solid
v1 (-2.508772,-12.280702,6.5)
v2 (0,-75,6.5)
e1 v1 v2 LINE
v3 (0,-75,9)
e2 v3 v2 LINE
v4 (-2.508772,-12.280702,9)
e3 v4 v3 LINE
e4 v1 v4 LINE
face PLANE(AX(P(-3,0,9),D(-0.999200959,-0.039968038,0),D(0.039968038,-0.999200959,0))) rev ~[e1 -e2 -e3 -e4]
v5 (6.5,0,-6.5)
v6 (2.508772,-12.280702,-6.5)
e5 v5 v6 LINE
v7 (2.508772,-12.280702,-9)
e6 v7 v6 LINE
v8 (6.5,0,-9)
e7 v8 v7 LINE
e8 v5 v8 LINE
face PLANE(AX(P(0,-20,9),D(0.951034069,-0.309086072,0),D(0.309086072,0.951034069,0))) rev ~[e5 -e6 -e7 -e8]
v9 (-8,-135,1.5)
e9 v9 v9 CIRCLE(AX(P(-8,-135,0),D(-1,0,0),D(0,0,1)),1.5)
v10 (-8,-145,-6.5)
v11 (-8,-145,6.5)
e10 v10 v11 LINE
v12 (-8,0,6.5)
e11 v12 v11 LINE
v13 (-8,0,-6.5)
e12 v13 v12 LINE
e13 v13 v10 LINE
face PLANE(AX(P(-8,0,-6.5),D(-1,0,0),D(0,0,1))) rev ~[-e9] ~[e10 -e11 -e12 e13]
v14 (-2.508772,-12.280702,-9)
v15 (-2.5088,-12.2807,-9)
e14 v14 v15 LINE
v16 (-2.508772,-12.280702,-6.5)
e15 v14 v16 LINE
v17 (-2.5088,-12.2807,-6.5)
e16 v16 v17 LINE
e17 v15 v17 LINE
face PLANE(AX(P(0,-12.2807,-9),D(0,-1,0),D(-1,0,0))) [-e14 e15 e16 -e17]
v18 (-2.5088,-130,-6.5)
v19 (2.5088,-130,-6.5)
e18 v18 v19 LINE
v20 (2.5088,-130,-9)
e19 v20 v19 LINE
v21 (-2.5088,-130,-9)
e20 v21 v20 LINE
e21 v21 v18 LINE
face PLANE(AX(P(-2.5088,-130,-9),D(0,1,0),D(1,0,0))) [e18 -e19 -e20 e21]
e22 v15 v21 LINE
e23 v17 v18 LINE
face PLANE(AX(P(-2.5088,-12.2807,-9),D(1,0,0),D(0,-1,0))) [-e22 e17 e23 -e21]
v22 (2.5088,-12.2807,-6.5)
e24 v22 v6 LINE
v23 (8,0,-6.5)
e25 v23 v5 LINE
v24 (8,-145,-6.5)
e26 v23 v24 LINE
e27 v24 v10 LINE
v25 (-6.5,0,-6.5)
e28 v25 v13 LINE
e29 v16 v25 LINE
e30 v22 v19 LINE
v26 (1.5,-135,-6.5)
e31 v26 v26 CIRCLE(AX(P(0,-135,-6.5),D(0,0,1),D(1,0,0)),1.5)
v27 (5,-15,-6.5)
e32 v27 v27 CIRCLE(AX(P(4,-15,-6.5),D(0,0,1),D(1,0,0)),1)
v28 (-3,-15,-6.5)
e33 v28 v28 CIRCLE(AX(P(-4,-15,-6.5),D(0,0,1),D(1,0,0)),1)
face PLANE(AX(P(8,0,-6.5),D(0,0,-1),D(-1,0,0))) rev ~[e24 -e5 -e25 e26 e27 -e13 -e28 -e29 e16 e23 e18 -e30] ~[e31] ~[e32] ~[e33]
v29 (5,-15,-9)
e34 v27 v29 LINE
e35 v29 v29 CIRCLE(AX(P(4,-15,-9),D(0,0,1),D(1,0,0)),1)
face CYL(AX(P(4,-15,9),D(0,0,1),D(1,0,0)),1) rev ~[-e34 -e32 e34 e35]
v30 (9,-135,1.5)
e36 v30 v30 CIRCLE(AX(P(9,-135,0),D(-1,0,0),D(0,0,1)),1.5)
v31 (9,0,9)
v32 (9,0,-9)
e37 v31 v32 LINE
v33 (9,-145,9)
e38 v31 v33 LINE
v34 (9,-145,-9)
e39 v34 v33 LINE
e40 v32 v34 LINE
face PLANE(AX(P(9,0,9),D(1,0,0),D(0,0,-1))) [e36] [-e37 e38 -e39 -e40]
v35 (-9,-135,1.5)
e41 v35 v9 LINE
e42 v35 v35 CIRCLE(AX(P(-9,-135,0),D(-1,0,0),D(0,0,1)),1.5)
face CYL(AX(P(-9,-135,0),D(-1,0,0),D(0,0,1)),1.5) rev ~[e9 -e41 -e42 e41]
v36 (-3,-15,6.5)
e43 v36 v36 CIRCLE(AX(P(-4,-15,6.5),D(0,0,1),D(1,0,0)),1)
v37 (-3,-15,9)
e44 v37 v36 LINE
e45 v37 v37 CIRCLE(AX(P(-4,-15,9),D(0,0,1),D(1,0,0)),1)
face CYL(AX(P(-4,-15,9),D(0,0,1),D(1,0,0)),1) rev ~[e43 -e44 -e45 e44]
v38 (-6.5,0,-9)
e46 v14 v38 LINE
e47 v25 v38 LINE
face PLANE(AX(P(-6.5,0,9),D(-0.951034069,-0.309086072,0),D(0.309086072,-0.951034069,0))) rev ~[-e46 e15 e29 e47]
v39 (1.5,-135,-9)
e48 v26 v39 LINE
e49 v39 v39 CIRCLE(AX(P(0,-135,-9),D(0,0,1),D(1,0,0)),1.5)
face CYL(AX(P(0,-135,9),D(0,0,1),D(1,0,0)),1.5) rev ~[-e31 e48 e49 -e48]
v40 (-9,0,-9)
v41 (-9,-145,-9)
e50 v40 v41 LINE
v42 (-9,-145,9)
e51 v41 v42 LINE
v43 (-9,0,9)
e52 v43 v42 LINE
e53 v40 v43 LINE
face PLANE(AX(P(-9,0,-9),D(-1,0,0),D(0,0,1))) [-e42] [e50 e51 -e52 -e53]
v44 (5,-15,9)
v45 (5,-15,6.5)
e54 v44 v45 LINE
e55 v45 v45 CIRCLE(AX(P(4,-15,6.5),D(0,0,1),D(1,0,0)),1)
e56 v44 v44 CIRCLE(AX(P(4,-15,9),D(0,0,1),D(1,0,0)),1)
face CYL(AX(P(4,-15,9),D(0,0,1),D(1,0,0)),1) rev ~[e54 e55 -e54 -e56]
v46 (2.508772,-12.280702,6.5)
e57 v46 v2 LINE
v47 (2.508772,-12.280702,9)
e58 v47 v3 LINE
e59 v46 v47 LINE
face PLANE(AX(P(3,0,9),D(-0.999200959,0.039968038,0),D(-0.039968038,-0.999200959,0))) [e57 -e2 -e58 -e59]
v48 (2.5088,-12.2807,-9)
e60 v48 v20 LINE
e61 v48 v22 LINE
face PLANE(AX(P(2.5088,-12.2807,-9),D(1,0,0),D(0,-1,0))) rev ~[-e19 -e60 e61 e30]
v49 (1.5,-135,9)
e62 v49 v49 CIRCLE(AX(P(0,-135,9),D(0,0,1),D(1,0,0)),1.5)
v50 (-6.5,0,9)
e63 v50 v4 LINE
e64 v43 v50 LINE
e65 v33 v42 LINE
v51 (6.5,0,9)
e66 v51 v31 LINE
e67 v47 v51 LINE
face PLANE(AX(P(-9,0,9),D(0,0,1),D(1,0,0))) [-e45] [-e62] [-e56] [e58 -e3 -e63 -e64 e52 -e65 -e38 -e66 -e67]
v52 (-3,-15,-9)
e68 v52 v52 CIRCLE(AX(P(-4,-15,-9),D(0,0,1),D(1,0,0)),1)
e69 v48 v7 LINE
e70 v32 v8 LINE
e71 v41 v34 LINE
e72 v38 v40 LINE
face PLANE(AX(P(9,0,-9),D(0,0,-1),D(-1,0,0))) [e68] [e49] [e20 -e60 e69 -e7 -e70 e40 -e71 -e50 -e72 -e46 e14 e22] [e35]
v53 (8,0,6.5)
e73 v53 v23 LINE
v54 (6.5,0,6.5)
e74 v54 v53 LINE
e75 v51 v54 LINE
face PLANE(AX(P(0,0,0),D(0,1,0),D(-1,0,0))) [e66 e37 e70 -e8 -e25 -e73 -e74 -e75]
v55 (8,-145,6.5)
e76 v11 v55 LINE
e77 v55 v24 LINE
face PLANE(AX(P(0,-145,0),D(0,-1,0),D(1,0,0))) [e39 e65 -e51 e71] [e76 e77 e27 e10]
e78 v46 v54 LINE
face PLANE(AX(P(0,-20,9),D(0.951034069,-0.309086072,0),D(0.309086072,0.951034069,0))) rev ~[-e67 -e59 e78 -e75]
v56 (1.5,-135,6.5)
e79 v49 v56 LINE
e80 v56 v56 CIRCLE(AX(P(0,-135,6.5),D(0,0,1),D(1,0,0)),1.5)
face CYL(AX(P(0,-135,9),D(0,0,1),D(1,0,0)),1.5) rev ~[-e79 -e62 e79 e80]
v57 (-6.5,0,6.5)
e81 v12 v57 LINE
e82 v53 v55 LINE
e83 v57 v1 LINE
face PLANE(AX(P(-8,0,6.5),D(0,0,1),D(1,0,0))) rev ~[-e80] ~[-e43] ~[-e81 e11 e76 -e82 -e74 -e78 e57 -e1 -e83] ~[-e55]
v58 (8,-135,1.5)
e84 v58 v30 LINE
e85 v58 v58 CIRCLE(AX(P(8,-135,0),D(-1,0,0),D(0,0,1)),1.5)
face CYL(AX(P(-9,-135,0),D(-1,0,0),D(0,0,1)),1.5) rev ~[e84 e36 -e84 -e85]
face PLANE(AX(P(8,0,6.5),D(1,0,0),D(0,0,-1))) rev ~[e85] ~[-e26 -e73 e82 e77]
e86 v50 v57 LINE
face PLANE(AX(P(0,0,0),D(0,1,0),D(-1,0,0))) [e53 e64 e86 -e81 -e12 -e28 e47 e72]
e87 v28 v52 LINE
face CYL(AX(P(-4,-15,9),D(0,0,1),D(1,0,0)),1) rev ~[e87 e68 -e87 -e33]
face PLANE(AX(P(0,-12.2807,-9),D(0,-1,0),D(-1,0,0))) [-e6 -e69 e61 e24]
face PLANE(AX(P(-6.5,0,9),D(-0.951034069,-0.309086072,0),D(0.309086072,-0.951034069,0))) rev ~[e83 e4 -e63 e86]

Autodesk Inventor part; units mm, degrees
ref_plane "YZ Plane" through (0, 0, 0) normal (1, 0, 0) x (0, 1, 0)
ref_plane "XZ Plane" through (0, 0, 0) normal (0, 1, 0) x (-1, 0, 0)
ref_plane "XY Plane" through (0, 0, 0) normal (0, 0, 1) x (1, 0, 0)
sketch "スケッチ1" plane through (0, 0, 0) normal (0, 1, 0) x (-1, 0, 0)
  line L0 (9, 9) -> (-9, 9)
  line L1 (-9, 9) -> (-9, -9)
  line L2 (-9, -9) -> (9, -9)
  line L3 (9, -9) -> (9, 9)
  line L4 (9, 9) -> (-9, -9) construction
  line L5 (-9, 9) -> (9, -9) construction
  point P0 (0, 0)
  dimension "d0" = 18
  dimension "d1" = 18
extrude "押し出し1" add sketch "スケッチ1" against normal blind 150
sketch "スケッチ2" plane through (0, 0, 0) normal (0, 1, 0) x (1, 0, 0)
  line L0 (-8, -6.5) -> (8, -6.5)
  line L1 (8, -6.5) -> (8, 6.5)
  line L2 (8, 6.5) -> (-8, 6.5)
  line L3 (-8, 6.5) -> (-8, -6.5)
  line L4 (-8, -6.5) -> (8, 6.5) construction
  line L5 (8, -6.5) -> (-8, 6.5) construction
  point P0 (0, 0)
  dimension "d4" = 16
  dimension "d5" = 13
extrude "押し出し2" cut sketch "スケッチ2" against normal blind 150
sketch "スケッチ4" plane through (-9, -150, 9) normal (0, 0, 1) x (1, 0, 0)
  circle A0 centre (5, 135) radius 1
  circle A1 centre (13, 135) radius 1
  point P0 (9, 150)
  dimension "d11" = 2
  dimension "d12" = 2
extrude "押し出し4" cut sketch "スケッチ4" against normal blind 150
sketch "スケッチ5" plane through (-9, -150, 9) normal (0, 0, 1) x (1, 0, 0)
  circle A0 centre (9, 15) radius 1.5
  point P0 (9, 150)
  dimension "d15" = 3
extrude "押し出し5" cut sketch "スケッチ5" against normal blind 150
sketch "スケッチ6" plane through (-9, 0, -9) normal (-1, 0, 0) x (0, 0, 1)
  circle A0 centre (9, -135) radius 1.5
  point P0 (9, 0)
  dimension "d18" = 3
extrude "押し出し6" cut sketch "スケッチ6" against normal blind 150
thread "ねじ1" size "M3x0.5" class "6H" standard "ANSI Metric M Profile" full length
thread "ねじ2" size "M3x0.5" class "6H" standard "ANSI Metric M Profile" full length
sketch "スケッチ7" plane through (-9, 0, 9) normal (0, 0, 1) x (1, 0, 0)
  line L0 (9, 0) -> (9, -75)
  line L1 (9, 0) -> (6, 0)
  line L2 (0, 0) -> (18, 0) projected
  line L3 (6, 0) -> (9, -75)
  line L4 (9, 0) -> (12, 0)
  line L5 (12, 0) -> (9, -75)
  point P0 (12, 0)
  dimension "d25" = 75
  dimension "d26" = 3
  dimension "d27" = 3
extrude "押し出し7" cut sketch "スケッチ7" against normal blind 30
sketch "スケッチ8" plane through (-9, -150, 9) normal (0, 0, 1) x (1, 0, 0)
  line L0 (9, 150) -> (15.5, 150)
  line L1 (18, 150) -> (12, 150) projected
  line L2 (9, 150) -> (9, 130)
  line L3 (9, 130) -> (15.5, 150)
  line L4 (9, 150) -> (2.5, 150)
  line L5 (2.5, 150) -> (9, 130)
  dimension "d30" = 6.5
  dimension "d31" = 20
  dimension "d32" = 6.5
extrude "押し出し8" cut sketch "スケッチ8" against normal blind 30
sketch "スケッチ9" plane through (9, -150, -9) normal (0, 0, -1) x (-1, 0, 0)
  line L0 (9, 150) -> (9, 20)
  line L1 (11.5088, 137.7193) -> (9, 75) projected
  line L2 (11.5088, 137.7193) -> (11.5088, 20)
  line L3 (11.5088, 20) -> (9, 20)
  line L4 (2.5, 150) -> (6.4912, 137.7193) projected
  line L5 (6.4912, 137.7193) -> (6.4912, 20)
  line L6 (6.4912, 20) -> (9, 20)
  line L7 (6.4912, 137.7193) -> (11.5088, 137.7193)
  dimension "d35" = 130
extrude "押し出し9" cut sketch "スケッチ9" against normal blind 10
sketch "スケッチ10" plane through (0, -150, 0) normal (0, -1, 0) x (1, 0, 0)
  line L0 (-9, -9) -> (-9, 9) projected
  line L1 (9, 9) -> (-9, 9)
  line L2 (-9, 9) -> (-9, -9)
  line L3 (-9, -9) -> (9, -9)
  line L4 (9, -9) -> (9, 9)
  line L5 (9, 9) -> (-9, -9) construction
  line L6 (-9, 9) -> (9, -9) construction
  point P0 (0, 0)
extrude "押し出し10" cut sketch "スケッチ10" against normal blind 5
properties part number "square_bar" material "アルミニウム 6061"
